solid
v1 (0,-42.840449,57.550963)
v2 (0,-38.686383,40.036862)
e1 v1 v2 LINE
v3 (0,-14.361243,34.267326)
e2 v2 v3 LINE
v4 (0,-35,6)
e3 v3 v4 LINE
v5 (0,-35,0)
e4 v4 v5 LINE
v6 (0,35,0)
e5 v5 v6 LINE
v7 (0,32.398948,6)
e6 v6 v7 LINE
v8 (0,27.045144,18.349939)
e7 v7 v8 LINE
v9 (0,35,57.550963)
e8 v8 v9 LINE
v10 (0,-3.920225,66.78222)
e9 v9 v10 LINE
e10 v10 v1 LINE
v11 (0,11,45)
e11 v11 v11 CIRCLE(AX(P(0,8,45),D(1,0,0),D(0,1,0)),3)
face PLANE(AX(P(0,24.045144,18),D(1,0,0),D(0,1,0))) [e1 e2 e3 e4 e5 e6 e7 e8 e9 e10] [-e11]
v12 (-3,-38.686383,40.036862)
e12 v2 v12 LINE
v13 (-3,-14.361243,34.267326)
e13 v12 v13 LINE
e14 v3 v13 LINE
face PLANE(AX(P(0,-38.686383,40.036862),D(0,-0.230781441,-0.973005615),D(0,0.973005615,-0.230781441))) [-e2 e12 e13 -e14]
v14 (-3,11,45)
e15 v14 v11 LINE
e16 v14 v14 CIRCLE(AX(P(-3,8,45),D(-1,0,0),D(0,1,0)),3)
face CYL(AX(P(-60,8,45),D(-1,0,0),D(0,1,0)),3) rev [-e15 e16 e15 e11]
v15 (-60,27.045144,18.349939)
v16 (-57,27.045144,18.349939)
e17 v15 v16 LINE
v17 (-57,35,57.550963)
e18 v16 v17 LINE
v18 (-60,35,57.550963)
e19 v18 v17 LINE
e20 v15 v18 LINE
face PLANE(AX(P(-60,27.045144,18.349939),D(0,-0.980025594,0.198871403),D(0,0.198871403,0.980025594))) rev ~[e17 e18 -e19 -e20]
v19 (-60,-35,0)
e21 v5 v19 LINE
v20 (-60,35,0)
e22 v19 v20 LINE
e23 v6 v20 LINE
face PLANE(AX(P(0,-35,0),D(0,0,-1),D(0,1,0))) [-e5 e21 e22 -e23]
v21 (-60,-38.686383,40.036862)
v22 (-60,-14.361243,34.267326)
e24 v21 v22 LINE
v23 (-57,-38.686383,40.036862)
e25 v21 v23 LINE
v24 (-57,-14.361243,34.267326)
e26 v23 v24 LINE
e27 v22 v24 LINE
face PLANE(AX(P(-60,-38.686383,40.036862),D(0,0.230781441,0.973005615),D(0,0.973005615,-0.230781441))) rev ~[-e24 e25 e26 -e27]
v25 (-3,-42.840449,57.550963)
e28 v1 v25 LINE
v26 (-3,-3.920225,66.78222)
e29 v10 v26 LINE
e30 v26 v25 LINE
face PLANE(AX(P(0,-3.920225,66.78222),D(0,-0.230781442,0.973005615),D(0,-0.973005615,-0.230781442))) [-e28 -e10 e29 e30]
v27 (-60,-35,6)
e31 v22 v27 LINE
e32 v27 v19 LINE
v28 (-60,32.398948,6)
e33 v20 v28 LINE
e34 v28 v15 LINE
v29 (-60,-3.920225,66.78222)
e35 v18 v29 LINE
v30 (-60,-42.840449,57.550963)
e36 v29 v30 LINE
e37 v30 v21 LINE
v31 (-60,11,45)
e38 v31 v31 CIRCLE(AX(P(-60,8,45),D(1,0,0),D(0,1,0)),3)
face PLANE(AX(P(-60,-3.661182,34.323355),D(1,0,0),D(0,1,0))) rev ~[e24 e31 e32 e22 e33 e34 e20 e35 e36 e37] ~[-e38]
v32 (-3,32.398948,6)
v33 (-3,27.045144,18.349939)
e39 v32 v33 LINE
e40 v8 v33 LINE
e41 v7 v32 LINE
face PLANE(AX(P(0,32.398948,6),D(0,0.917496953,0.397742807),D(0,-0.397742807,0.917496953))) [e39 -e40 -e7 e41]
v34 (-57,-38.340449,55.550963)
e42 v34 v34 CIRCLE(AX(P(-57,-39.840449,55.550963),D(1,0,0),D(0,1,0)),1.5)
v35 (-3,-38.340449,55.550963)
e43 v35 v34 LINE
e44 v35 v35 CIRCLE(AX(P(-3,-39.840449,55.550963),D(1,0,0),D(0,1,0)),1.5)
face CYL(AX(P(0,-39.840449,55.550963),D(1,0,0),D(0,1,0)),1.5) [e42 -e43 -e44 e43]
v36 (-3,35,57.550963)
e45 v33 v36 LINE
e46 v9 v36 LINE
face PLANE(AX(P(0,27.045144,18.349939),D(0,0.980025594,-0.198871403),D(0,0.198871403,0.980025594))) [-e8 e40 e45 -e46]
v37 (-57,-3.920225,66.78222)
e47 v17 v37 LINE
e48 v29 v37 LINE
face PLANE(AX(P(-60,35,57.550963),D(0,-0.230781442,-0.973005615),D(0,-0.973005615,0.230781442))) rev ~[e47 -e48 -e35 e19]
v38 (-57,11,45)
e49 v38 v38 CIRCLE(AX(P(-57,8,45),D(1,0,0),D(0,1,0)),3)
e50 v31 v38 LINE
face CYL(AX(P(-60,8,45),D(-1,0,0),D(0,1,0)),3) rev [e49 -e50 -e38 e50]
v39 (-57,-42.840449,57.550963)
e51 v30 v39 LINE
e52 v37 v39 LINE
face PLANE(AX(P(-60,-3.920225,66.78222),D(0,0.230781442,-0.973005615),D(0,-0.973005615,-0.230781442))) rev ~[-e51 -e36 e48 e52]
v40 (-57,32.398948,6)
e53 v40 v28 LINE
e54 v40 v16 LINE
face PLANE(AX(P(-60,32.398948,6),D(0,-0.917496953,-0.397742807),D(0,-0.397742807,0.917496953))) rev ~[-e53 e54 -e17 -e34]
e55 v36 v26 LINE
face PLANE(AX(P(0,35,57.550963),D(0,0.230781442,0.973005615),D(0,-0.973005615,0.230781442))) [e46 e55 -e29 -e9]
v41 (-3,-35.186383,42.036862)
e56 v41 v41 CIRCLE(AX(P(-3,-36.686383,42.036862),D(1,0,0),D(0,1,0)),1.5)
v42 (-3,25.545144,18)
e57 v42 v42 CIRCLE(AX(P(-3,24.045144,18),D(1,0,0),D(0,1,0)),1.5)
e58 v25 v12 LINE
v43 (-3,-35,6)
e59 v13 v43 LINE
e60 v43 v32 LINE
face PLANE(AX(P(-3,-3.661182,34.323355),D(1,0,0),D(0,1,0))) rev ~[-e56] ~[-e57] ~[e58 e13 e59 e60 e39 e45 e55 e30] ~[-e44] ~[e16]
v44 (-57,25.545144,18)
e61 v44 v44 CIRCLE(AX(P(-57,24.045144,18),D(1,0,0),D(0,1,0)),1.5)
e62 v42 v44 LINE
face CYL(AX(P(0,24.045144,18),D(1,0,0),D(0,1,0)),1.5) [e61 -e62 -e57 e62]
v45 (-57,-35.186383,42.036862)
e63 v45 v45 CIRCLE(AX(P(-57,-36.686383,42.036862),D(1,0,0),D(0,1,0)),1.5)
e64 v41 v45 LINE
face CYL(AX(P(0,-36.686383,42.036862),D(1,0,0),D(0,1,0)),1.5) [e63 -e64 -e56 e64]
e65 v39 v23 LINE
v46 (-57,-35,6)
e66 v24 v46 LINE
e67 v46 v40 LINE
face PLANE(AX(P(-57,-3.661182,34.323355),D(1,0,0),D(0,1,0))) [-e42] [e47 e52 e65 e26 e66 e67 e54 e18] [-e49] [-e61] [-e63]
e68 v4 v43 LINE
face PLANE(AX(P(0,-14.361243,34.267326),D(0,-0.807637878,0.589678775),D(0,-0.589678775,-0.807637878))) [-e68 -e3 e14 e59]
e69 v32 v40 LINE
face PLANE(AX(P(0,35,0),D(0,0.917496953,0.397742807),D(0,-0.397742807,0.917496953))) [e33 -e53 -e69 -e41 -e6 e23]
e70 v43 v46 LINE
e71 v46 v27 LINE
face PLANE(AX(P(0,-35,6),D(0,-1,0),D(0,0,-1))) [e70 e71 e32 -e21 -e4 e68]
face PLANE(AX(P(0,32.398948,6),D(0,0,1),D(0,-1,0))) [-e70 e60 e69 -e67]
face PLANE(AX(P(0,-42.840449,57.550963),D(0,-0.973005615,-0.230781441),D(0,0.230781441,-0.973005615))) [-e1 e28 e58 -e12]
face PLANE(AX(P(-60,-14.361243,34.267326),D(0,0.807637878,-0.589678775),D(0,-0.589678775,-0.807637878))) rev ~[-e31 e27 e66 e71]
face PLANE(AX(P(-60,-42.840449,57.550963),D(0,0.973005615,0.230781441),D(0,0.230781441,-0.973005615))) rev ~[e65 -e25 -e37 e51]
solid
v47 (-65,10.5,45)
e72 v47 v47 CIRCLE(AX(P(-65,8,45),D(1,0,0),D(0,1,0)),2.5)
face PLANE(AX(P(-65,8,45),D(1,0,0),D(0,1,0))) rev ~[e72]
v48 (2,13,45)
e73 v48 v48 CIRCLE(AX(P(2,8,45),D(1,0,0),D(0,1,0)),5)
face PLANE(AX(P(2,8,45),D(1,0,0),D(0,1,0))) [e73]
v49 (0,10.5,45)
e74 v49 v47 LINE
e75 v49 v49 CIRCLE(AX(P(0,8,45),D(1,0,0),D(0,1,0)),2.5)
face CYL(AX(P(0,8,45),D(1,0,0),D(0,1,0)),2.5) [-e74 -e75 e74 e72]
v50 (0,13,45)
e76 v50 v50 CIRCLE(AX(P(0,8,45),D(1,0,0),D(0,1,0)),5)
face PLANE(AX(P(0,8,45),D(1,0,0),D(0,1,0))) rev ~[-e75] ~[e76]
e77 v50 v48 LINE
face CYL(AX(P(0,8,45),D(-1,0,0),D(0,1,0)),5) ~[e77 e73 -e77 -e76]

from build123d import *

# Parameters (mm, degrees)
F1_DEPTH  = 60
F2_DEPTH  = 3
F4_R      = 3
F5_DEPTH  = 3
F6_DEPTH  = 60
F7_R      = 1.5
F8_DEPTH  = 60
F9_R      = 1.5
F10_DEPTH = 60
F11_R     = 2.5
F12_DEPTH = 65
F11_R_2   = 5
F13_DEPTH = 2


with BuildPart() as f1:
    # F0 (on Right) → F1 (new body)
    with BuildSketch(Plane.YZ):
        Polygon((-35, 6), (-35, 0), (35, 0), (32.3989484852, 6), align=None)
    extrude(amount=-F1_DEPTH)

    # F0 (on Right) → F2 (join)
    with BuildSketch(Plane.YZ):
        Polygon((-14.361242862, 34.2673257278), (-35, 6), (32.3989484852, 6), (27.0451438645, 18.3499390697), (35, 57.5509628301), (-3.9202245884, 66.7822204902), (-42.8404491768, 57.5509628301), (-38.6863832298, 40.0368617653), align=None)
    extrude(amount=-F2_DEPTH)

    # F4 (on offset) → F5 (join)
    with BuildSketch(Plane.YZ.offset(-60)):
        Polygon((-38.6863832298, 40.0368617653), (-14.361242862, 34.2673257278), (-35, 6), (32.3989484852, 6), (27.0451438645, 18.3499390697), (35, 57.5509628301), (-3.9202245884, 66.7822204902), (-42.8404491768, 57.5509628301), align=None)
        with Locations((8, 45)):
            Circle(F4_R, mode=Mode.SUBTRACT)
    extrude(amount=F5_DEPTH)

    # F4 (on offset) → F6 (cut)
    with BuildSketch(Plane.YZ.offset(-60)):
        with Locations((8, 45)):
            Circle(F4_R)
    extrude(amount=F6_DEPTH, mode=Mode.SUBTRACT)

    # F7 (on Right) → F8 (join)
    with BuildSketch(Plane.YZ):
        with Locations((-39.8404491768, 55.5509628301)):
            Circle(F7_R)
        with Locations((-36.6863832298, 42.0368617653)):
            Circle(F7_R)
    extrude(amount=-F8_DEPTH)

    # F9 (on Right) → F10 (join)
    with BuildSketch(Plane.YZ):
        with Locations((24.0451438645, 18)):
            Circle(F9_R)
    extrude(amount=-F10_DEPTH)


with BuildPart() as f12:
    # F11 (on Right) → F12 (new body)
    with BuildSketch(Plane.YZ):
        with Locations((8, 45)):
            Circle(F11_R)
    extrude(amount=-F12_DEPTH)

    # F11 (on Right) → F13 (join)
    with BuildSketch(Plane.YZ):
        with Locations((8, 45)):
            Circle(F11_R_2)
        with Locations((8, 45)):
            Circle(F11_R, mode=Mode.SUBTRACT)
        with Locations((8, 45)):
            Circle(F11_R)
    extrude(amount=F13_DEPTH)


solid = Compound([f1.part, f12.part])
